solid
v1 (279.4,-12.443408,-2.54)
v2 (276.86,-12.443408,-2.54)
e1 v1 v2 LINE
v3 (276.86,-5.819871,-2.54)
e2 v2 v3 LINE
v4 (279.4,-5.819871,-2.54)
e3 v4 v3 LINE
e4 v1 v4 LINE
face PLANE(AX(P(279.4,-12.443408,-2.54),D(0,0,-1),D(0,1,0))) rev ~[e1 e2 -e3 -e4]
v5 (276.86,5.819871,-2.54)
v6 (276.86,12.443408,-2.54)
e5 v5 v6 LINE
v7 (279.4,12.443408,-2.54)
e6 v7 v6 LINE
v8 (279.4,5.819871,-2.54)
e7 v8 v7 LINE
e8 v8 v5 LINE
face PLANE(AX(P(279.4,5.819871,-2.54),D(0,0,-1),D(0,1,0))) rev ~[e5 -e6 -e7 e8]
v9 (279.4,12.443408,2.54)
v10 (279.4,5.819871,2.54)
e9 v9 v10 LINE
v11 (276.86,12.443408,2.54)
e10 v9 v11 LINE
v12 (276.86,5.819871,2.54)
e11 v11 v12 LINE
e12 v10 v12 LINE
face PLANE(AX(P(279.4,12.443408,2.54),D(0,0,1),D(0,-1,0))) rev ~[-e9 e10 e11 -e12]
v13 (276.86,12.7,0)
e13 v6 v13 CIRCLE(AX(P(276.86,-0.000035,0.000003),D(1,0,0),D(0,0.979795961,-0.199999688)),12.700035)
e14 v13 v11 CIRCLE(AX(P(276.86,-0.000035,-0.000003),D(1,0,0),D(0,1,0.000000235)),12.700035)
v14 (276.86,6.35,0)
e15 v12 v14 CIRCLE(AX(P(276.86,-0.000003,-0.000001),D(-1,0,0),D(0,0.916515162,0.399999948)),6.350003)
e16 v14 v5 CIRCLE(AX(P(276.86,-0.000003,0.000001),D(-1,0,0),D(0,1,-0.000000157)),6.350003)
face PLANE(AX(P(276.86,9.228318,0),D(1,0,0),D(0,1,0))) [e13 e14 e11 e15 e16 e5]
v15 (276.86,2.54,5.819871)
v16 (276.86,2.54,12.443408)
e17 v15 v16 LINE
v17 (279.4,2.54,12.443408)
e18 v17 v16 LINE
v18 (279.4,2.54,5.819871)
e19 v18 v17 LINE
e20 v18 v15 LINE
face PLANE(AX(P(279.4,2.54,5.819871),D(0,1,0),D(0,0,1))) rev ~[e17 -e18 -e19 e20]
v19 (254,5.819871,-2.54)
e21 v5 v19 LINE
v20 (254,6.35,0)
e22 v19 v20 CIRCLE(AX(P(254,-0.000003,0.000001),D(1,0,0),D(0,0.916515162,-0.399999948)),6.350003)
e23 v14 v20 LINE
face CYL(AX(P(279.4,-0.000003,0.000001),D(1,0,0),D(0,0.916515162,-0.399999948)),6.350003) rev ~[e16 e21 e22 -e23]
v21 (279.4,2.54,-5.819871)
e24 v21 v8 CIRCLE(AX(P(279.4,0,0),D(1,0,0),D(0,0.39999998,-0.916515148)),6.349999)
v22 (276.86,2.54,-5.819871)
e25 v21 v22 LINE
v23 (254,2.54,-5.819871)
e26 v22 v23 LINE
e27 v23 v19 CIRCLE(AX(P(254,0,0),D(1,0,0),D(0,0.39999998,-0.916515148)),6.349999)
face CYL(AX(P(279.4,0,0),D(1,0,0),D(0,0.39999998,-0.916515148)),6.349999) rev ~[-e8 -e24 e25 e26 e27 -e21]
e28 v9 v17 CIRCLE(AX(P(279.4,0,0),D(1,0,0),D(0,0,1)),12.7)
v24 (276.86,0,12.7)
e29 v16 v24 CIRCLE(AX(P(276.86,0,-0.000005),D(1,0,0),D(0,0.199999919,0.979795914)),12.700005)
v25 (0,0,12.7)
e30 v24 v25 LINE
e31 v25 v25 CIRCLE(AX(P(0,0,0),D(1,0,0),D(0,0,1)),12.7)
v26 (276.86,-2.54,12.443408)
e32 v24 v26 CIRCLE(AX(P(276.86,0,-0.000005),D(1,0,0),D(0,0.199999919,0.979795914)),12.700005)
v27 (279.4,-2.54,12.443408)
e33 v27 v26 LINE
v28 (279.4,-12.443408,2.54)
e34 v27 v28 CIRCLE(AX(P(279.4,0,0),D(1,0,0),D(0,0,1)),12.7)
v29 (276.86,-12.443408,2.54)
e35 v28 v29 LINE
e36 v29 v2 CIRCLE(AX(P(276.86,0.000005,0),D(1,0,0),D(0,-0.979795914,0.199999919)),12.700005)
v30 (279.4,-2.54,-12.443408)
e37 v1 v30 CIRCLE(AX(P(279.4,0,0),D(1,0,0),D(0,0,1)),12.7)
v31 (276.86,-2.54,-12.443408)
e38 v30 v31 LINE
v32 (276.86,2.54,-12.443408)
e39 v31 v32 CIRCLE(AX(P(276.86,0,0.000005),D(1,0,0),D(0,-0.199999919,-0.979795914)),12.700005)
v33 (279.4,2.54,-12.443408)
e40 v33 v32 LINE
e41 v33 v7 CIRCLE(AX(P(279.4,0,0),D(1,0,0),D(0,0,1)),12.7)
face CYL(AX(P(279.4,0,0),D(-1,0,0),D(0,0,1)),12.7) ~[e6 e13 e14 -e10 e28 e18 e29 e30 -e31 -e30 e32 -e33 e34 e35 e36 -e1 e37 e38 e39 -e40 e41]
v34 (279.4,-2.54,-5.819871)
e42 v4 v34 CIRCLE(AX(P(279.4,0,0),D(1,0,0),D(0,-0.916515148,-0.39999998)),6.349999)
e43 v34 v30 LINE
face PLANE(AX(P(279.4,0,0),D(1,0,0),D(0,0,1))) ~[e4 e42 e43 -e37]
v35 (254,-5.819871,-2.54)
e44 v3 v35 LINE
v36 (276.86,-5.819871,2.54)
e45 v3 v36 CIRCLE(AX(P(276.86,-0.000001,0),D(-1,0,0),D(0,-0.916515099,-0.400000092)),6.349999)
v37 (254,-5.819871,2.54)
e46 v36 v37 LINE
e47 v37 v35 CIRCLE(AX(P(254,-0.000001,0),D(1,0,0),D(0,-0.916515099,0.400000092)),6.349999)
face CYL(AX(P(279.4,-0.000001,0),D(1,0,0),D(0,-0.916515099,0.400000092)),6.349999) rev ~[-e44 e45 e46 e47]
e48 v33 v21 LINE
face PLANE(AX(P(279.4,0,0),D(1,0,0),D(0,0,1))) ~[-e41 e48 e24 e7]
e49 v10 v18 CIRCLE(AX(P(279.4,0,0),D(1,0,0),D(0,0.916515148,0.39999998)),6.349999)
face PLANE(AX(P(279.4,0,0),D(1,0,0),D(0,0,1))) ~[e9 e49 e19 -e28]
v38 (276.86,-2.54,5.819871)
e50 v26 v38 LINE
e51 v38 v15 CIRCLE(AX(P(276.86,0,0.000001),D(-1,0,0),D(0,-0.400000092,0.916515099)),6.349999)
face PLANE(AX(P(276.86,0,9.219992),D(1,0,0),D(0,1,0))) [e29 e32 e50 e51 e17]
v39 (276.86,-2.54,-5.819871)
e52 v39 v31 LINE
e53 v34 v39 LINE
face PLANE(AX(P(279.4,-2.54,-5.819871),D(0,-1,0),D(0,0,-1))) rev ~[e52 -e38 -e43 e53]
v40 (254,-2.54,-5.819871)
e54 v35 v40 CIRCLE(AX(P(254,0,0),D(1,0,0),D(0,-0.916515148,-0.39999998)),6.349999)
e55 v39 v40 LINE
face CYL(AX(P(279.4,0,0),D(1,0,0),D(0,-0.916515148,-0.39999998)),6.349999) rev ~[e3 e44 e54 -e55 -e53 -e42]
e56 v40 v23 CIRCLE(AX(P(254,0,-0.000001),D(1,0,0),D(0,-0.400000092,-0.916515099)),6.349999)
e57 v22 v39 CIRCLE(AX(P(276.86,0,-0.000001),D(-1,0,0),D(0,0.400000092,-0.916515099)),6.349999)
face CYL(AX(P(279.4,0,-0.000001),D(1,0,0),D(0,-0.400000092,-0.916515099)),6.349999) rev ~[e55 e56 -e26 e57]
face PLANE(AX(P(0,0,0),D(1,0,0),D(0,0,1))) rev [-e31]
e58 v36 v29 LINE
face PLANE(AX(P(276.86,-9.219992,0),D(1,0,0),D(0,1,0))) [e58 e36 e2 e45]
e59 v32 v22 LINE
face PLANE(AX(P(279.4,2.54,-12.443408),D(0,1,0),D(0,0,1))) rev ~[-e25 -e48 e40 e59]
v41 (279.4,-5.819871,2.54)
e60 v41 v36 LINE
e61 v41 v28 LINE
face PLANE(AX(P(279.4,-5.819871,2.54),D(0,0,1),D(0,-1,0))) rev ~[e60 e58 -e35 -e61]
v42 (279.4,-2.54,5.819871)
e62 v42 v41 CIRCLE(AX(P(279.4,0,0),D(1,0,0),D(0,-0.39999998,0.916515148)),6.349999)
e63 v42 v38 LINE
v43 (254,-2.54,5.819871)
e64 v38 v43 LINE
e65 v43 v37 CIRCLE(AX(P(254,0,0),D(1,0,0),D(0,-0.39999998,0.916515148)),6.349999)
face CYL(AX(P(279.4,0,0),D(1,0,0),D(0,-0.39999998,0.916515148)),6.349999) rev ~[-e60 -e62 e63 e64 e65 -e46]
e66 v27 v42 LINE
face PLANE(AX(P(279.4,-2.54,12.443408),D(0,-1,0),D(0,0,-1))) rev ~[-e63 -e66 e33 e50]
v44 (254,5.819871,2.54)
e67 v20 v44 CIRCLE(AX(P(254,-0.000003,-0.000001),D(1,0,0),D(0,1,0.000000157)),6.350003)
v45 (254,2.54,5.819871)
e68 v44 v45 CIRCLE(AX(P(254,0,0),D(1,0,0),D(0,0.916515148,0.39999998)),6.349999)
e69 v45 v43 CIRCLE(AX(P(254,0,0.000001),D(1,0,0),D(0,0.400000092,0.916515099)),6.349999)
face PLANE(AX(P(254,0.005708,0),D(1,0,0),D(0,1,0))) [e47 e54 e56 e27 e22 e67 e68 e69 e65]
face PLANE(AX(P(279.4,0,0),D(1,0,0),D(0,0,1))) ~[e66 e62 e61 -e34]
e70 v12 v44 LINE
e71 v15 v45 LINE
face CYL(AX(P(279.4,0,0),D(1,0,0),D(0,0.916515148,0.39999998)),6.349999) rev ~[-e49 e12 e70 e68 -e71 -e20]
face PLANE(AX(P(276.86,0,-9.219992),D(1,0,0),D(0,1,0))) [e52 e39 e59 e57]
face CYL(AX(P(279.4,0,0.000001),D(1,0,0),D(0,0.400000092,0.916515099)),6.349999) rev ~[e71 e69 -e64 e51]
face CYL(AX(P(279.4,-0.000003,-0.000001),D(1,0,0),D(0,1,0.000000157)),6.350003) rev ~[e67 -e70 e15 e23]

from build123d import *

# Parameters (mm, degrees)
F0_W     = 66.167
F0_H     = 12.7
F0_W_2   = 194.183
F0_W_3   = 19.05
F3_DEPTH = 2.54
F4_DEPTH = 25.4


with BuildPart() as f1:
    # F0 (on Front) → F1 (revolve)
    with BuildSketch(Plane.XZ):
        with Locations((33.0835, 6.35)):
            Rectangle(F0_W, F0_H)
        with Locations((163.2585, 6.35)):
            Rectangle(F0_W_2, F0_H)
        with Locations((269.875, 6.35)):
            Rectangle(F0_W_3, F0_H)
    revolve(axis=Axis((155.896521, 0, 0), (1, 0, 0)))

    # F2 (on face) → F3 (cut)
    with BuildSketch(Plane.YZ.offset(279.4)):
        with BuildLine():
            ThreePointArc((-2.54, 5.819871), (0, 6.35), (2.54, 5.819871))
            Line((2.54, 5.819871), (2.54, 12.443408))
            ThreePointArc((2.54, 12.443408), (0, 12.7), (-2.54, 12.443408))
            Line((-2.54, 12.443408), (-2.54, 5.819871))
        make_face()
        with BuildLine():
            ThreePointArc((-5.819871, -2.54), (-6.35, 0), (-5.819871, 2.54))
            Line((-5.819871, 2.54), (-12.443408, 2.54))
            ThreePointArc((-12.443408, 2.54), (-12.7, 0), (-12.443408, -2.54))
            Line((-12.443408, -2.54), (-5.819871, -2.54))
        make_face()
        with BuildLine():
            Line((2.54, -12.443408), (2.54, -5.819871))
            ThreePointArc((2.54, -5.819871), (0, -6.35), (-2.54, -5.819871))
            Line((-2.54, -5.819871), (-2.54, -12.443408))
            ThreePointArc((-2.54, -12.443408), (0, -12.7), (2.54, -12.443408))
        make_face()
        with BuildLine():
            ThreePointArc((5.819871, 2.54), (6.216055, 1.297366), (6.35, 0))
            ThreePointArc((6.35, 0), (6.216055, -1.297366), (5.819871, -2.54))
            Line((5.819871, -2.54), (12.443408, -2.54))
            ThreePointArc((12.443408, -2.54), (12.635689, -1.276464), (12.7, 0))
            ThreePointArc((12.7, 0), (12.635689, 1.276464), (12.443408, 2.54))
            Line((12.443408, 2.54), (5.819871, 2.54))
        make_face()
    extrude(amount=-F3_DEPTH, mode=Mode.SUBTRACT)

    # F2 (on face) → F4 (cut)
    with BuildSketch(Plane.YZ.offset(279.4)):
        with BuildLine():
            ThreePointArc((5.819871, -2.54), (6.216055, -1.297366), (6.35, 0))
            ThreePointArc((6.35, 0), (6.216055, 1.297366), (5.819871, 2.54))
            ThreePointArc((5.819871, 2.54), (4.490128, 4.490128), (2.54, 5.819871))
            ThreePointArc((2.54, 5.819871), (0, 6.35), (-2.54, 5.819871))
            ThreePointArc((-2.54, 5.819871), (-4.490128, 4.490128), (-5.819871, 2.54))
            ThreePointArc((-5.819871, 2.54), (-6.35, 0), (-5.819871, -2.54))
            ThreePointArc((-5.819871, -2.54), (-4.490128, -4.490128), (-2.54, -5.819871))
            ThreePointArc((-2.54, -5.819871), (0, -6.35), (2.54, -5.819871))
            ThreePointArc((2.54, -5.819871), (4.490128, -4.490128), (5.819871, -2.54))
        make_face()
    extrude(amount=-F4_DEPTH, mode=Mode.SUBTRACT)


solid = f1.part
